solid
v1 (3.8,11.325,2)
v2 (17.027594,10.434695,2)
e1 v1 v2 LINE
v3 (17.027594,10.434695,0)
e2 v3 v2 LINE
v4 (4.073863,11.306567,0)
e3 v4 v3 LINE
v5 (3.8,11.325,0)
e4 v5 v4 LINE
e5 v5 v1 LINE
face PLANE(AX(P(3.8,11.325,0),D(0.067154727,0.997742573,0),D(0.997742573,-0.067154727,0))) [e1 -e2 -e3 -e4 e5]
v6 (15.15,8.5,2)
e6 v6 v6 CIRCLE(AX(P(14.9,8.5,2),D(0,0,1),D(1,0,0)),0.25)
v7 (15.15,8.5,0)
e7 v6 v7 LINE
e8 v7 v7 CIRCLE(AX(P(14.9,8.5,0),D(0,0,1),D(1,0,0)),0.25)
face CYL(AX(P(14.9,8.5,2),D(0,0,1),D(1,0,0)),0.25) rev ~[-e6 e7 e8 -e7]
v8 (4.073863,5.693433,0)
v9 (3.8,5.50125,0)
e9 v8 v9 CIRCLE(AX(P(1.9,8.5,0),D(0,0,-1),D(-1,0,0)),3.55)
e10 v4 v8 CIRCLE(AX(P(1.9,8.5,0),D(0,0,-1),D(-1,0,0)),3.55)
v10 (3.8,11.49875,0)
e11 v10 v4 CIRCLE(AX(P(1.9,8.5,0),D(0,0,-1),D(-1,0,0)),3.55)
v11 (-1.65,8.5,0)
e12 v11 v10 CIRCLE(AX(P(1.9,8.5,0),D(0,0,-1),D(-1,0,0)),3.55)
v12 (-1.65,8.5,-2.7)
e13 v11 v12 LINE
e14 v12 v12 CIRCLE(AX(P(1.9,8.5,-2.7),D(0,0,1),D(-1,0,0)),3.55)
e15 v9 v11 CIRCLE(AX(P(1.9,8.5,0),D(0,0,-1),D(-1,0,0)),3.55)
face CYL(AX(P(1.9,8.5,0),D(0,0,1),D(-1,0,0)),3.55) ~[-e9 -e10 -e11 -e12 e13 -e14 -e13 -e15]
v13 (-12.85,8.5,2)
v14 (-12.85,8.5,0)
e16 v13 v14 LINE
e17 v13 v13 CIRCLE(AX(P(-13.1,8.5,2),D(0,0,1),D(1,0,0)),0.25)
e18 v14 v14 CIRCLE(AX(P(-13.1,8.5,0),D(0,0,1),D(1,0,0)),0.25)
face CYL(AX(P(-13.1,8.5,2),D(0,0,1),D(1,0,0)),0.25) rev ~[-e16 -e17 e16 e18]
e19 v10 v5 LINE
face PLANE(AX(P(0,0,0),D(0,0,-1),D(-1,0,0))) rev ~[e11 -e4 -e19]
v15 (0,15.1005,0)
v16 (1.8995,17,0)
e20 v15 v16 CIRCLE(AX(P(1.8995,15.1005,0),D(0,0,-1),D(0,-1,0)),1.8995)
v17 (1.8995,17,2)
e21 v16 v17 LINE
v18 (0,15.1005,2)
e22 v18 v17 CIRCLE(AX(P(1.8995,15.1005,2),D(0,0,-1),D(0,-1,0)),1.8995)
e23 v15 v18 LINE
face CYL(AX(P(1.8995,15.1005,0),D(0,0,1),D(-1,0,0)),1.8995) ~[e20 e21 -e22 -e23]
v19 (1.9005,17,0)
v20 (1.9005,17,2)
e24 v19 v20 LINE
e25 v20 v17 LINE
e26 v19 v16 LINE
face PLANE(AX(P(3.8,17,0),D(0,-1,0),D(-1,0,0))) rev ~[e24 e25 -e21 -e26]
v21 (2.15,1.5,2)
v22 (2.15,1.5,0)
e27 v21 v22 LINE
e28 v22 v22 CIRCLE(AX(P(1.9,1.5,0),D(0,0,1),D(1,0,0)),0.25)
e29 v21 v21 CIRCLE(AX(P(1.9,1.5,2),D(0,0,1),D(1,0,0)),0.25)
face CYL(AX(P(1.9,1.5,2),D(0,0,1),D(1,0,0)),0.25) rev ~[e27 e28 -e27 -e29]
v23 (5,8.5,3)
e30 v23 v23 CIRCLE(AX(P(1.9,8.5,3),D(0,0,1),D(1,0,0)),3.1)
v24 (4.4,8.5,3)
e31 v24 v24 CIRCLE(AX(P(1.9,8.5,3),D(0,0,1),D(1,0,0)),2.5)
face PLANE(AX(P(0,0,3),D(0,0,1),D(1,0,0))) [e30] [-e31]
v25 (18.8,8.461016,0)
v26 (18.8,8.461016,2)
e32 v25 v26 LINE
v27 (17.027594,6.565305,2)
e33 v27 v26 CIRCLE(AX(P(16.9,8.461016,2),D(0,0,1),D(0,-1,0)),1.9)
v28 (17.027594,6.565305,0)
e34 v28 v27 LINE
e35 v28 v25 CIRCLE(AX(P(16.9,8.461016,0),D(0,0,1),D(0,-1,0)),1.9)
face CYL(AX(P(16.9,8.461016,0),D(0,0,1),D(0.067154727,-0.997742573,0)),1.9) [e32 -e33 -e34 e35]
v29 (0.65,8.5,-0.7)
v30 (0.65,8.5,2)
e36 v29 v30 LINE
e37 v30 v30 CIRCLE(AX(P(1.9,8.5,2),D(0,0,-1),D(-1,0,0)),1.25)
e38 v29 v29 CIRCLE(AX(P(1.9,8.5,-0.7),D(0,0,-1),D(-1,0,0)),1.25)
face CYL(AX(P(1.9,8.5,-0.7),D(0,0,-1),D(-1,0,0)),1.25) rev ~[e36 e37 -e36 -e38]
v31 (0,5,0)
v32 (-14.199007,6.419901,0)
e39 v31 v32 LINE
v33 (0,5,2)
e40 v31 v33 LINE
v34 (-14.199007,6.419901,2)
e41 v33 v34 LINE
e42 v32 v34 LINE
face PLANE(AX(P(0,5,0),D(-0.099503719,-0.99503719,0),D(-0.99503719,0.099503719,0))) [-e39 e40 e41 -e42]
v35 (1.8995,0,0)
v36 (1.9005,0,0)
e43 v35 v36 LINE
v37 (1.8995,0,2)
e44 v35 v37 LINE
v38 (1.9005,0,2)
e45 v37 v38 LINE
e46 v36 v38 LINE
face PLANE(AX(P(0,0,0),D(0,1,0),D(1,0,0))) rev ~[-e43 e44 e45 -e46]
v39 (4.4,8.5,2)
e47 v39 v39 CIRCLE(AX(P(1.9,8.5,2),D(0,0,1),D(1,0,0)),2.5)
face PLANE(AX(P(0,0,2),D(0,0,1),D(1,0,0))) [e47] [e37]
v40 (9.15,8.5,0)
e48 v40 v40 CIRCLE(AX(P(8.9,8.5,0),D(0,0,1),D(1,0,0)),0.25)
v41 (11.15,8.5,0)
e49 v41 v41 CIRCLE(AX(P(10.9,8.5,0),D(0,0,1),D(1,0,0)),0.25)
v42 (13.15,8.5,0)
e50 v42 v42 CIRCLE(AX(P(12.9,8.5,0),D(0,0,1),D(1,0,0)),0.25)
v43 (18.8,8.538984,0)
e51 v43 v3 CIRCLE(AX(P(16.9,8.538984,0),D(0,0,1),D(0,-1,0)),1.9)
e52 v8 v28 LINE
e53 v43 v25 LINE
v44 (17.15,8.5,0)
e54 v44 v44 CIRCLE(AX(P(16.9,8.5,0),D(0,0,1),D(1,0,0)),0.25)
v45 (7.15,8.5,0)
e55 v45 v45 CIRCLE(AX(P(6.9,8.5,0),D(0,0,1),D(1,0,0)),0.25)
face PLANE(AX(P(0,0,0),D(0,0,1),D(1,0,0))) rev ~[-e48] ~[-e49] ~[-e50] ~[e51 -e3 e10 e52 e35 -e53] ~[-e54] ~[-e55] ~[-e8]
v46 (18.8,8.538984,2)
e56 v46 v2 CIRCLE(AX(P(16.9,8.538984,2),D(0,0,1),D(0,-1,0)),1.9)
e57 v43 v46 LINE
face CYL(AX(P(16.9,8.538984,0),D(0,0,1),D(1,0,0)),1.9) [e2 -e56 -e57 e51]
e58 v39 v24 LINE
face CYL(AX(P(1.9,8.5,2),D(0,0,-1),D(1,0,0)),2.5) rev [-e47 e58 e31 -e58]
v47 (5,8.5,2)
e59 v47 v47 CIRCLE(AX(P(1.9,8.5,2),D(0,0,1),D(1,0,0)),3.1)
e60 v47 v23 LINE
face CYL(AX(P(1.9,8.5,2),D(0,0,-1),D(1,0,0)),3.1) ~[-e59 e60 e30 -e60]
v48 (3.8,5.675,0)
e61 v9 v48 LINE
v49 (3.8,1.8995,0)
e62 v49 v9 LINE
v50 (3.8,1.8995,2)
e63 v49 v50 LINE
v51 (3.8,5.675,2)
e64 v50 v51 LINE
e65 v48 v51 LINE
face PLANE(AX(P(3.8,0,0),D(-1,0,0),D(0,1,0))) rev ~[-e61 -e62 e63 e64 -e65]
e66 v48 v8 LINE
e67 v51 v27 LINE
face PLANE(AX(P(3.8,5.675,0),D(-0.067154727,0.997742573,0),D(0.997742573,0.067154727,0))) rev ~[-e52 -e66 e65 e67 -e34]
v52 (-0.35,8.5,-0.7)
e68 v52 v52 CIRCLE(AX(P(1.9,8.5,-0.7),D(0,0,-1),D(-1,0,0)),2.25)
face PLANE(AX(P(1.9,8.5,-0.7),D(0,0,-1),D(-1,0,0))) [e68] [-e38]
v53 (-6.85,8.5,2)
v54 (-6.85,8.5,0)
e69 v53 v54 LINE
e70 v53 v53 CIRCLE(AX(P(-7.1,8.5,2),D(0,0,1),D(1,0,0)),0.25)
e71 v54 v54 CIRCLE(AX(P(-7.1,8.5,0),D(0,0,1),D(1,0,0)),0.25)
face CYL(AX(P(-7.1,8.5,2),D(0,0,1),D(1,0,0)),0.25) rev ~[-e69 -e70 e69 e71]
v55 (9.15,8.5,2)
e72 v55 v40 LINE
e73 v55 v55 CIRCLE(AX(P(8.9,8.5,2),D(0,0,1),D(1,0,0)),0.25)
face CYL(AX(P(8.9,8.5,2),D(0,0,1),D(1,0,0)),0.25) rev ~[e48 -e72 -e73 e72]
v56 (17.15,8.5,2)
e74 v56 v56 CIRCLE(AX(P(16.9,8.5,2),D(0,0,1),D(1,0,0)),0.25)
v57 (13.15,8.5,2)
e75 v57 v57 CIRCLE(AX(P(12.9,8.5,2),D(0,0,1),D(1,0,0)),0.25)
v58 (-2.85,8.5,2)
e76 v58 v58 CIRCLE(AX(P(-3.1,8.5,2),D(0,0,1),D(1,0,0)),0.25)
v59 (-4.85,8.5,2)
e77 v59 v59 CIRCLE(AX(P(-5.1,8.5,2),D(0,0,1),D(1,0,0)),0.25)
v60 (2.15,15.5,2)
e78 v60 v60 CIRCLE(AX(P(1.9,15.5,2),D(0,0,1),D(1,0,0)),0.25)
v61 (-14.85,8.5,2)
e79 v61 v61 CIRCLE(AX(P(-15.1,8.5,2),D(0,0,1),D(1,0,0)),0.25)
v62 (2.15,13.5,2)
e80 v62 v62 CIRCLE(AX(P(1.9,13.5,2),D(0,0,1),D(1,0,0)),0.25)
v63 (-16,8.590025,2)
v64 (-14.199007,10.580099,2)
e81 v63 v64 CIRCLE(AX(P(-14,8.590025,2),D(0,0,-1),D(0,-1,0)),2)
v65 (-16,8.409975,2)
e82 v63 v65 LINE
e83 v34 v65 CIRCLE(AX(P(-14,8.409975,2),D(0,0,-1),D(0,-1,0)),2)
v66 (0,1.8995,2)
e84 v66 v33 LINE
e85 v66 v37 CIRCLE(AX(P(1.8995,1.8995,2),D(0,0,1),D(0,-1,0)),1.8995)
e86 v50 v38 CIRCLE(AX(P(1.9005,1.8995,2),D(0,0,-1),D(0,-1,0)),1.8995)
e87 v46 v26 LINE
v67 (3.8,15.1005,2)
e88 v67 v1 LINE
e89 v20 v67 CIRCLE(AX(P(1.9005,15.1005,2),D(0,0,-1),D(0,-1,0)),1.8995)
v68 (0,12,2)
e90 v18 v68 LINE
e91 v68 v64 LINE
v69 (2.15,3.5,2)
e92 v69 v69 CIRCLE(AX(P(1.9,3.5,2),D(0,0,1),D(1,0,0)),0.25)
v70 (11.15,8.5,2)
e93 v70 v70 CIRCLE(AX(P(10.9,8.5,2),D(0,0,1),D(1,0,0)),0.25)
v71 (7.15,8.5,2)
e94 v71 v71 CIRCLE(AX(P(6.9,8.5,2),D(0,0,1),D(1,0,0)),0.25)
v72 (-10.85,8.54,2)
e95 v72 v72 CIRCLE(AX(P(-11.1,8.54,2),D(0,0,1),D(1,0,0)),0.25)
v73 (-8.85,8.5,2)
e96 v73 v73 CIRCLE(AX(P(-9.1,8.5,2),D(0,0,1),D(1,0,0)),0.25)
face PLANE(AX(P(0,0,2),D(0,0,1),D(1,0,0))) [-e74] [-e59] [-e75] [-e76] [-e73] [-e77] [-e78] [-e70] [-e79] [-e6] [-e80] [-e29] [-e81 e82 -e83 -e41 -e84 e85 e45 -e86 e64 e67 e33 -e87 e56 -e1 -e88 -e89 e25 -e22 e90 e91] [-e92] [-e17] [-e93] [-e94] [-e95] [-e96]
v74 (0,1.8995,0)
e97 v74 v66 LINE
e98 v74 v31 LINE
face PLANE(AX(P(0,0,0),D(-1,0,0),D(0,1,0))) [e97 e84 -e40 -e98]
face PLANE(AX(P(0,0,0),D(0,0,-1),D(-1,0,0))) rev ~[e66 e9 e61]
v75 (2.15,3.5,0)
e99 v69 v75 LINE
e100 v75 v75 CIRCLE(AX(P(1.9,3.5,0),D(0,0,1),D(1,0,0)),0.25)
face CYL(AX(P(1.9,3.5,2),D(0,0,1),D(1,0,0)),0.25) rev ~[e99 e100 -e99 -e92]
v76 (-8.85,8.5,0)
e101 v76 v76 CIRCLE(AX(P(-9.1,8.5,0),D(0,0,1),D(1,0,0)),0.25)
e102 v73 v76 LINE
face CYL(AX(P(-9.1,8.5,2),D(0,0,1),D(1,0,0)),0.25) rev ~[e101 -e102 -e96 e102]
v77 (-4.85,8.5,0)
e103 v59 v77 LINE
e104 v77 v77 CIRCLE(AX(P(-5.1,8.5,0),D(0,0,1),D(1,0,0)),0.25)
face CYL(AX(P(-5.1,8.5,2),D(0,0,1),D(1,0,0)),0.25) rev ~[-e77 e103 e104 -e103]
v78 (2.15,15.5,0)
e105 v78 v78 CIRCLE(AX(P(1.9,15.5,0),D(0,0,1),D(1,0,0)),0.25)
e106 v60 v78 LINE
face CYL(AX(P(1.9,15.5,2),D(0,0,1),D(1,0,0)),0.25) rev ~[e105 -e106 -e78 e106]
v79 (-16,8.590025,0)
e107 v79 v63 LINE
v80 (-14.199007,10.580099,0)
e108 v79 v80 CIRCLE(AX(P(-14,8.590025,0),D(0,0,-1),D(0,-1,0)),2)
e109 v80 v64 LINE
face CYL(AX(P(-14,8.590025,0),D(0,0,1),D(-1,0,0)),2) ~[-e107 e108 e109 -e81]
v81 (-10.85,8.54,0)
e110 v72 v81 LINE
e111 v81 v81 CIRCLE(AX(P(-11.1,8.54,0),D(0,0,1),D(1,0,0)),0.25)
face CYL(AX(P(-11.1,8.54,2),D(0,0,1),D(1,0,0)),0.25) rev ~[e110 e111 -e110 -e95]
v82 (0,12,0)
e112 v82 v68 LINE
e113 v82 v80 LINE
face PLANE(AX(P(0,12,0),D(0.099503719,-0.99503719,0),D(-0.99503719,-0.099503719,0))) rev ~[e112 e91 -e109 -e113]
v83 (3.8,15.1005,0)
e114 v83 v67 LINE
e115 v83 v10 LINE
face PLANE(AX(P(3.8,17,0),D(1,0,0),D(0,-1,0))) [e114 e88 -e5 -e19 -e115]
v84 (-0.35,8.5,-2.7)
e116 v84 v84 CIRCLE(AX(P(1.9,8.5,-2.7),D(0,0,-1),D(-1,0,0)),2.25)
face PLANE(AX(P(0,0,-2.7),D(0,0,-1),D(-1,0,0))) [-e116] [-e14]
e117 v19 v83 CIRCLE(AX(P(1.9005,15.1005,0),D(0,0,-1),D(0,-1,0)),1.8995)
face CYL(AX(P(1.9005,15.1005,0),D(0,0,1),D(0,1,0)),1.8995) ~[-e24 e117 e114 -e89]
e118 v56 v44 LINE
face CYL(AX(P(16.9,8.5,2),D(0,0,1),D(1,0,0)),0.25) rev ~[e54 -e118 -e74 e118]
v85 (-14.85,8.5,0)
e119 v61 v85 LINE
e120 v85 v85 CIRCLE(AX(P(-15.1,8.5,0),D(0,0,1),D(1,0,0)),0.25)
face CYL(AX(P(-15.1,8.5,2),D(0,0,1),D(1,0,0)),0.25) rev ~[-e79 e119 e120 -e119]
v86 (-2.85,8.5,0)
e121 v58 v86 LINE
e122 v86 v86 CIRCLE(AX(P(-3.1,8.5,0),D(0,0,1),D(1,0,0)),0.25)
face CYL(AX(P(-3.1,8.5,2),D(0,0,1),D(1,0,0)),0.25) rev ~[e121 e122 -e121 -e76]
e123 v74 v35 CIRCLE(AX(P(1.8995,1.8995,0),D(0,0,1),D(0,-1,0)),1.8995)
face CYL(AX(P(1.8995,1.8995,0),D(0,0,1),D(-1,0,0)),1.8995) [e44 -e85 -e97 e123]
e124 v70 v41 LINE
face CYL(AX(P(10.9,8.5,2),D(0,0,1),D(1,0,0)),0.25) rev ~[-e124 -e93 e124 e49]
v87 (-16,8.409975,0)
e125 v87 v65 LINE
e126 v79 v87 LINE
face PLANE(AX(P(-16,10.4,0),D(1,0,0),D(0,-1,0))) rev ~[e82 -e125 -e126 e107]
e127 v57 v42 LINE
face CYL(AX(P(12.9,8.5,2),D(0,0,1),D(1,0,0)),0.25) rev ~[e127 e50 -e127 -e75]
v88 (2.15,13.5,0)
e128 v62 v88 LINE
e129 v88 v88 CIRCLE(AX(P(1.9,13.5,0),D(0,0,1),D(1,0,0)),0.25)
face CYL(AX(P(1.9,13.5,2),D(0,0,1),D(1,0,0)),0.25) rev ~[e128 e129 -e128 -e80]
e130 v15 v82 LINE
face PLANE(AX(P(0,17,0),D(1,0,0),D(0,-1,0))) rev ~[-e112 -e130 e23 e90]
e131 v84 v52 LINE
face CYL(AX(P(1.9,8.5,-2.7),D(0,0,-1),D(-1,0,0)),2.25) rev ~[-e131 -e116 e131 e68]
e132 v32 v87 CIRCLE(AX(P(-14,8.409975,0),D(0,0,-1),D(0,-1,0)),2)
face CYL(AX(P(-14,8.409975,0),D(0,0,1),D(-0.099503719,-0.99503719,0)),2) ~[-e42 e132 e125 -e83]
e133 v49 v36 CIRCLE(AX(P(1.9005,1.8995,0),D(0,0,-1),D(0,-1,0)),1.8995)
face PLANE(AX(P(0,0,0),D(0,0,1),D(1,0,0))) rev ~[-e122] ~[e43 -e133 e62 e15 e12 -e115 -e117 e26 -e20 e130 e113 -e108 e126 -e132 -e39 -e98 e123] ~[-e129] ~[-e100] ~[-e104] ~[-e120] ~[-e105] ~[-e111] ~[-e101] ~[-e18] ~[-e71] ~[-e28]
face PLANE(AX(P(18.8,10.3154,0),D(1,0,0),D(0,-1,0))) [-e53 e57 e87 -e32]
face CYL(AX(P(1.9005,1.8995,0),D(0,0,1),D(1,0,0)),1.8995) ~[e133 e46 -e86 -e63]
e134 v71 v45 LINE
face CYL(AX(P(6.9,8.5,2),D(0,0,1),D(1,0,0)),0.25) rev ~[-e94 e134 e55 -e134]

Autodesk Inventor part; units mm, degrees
ref_plane "YZ Plane" through (0, 0, 0) normal (1, 0, 0) x (0, 1, 0)
ref_plane "XZ Plane" through (0, 0, 0) normal (0, 1, 0) x (-1, 0, 0)
ref_plane "XY Plane" through (0, 0, 0) normal (0, 0, 1) x (1, 0, 0)
sketch "Sketch1" plane through (0, 0, 0) normal (0, 0, 1) x (1, 0, 0)
  line L0 (0, 0) -> (3.8, 0)
  line L1 (3.8, 0) -> (3.8, 17) construction
  line L2 (3.8, 17) -> (0, 17)
  line L3 (0, 17) -> (0, 0) construction
  line L4 (3.8, 17) -> (3.8, 11.325)
  line L5 (3.8, 0) -> (3.8, 5.675)
  line L6 (3.8, 8.5) -> (16.8, 8.5) construction
  line L7 (16.8, 10.45) -> (16.8, 6.55) construction
  line L8 (3.8, 5.675) -> (18.8, 6.6846)
  line L9 (3.8, 11.325) -> (18.8, 10.3154)
  line L10 (18.8, 10.3154) -> (18.8, 6.6846)
  line L11 (0, 17) -> (0, 12)
  line L12 (0, 0) -> (0, 5)
  line L13 (0, 8.5) -> (-15, 8.5) construction
  line L14 (-15, 10.5) -> (-15, 6.5) construction
  line L15 (0, 12) -> (-16, 10.4)
  line L16 (0, 5) -> (-16, 6.6)
  line L17 (-16, 10.4) -> (-16, 6.6)
  dimension "d0" = 3.8
  dimension "d1" = 17
  dimension "d2" = 5.675
  dimension "d3" = 5.675
  dimension "d4" = 13
  dimension "d5" = 3.9
  dimension "d8" = 15
  dimension "d9" = 15
  dimension "d10" = 5
  dimension "d11" = 5
  dimension "d12" = 15
  dimension "d13" = 4
  dimension "d14" = 16
  dimension "d15" = 16
  dimension "d75" = 7.701
extrude "Horn_Body" add sketch "Sketch1" along normal blind 2
fillet "Fillet1" radius 1.9 4 edges at (3.8, 17, 1) (0, 17, 1) (0, 0, 1) (3.8, 0, 1)
fillet "Fillet2" radius 1.9 2 edges at (18.8, 6.6846, 1) (18.8, 10.3154, 1)
fillet "Fillet3" radius 2 2 edges at (-16, 10.4, 1) (-16, 6.6, 1)
sketch "Sketch2" plane through (0, 0, 0) normal (0, 0, -1) x (-1, 0, 0)
  circle A0 centre (-1.9, 8.5) radius 3.55
  line L0 (18.55, 8.5) -> (-27.4875, 8.5) construction
  line L1 (16, 8.59) -> (16, 8.41) projected
  line L2 (-1.9, 22.225) -> (-1.9, -4.7625) construction
  line L3 (-3.8, 11.325) -> (-3.8, 15.1) projected
  line L4 (0, 15.1) -> (0, 12) projected
  point P0 (0, 0)
  point P1 (16, 8.5)
  dimension "d21" = 7.1
  dimension "d22" = 3.8
  dimension "d23" = 1.9
extrude "Shaft_Connector" add sketch "Sketch2" along normal blind 2.7
sketch "Sketch3" plane through (1.9, 8.5, -2.7) normal (0, 0, -1) x (-1, 0, 0)
  circle A0 centre (0, 0) radius 2.25
  point P0 (1.9, -8.5)
  dimension "d26" = 4.5
extrude "Shaft_Opening" cut sketch "Sketch3" against normal blind 2
sketch "Sketch4" plane through (1.9, 8.5, -0.7) normal (0, 0, -1) x (-1, 0, 0)
  circle A0 centre (0, 0) radius 1.25
  point P0 (1.9, -8.5)
  dimension "d29" = 2.5
extrude "Opening_Horn_FixationScrew" cut sketch "Sketch4" against normal up to surface (2.7 mm away)
sketch "Sketch6" plane through (0, 0, 2) normal (0, 0, 1) x (1, 0, 0)
  line L0 (-18.55, 8.5) -> (21.1375, 8.5) construction
  line L1 (-16, 8.59) -> (-16, 8.41) projected
  line L2 (1.9, 19.05) -> (1.9, -2.3164) construction
  line L3 (3.8, 11.325) -> (3.8, 15.1) projected
  line L4 (0, 15.1) -> (0, 12) projected
  circle A0 centre (-11.1, 8.54) radius 0.25
  circle A1 centre (-9.1, 8.5) radius 0.25
  circle A2 centre (-7.1, 8.5) radius 0.25
  circle A3 centre (-3.1, 8.5) radius 0.25
  circle A4 centre (-5.1, 8.5) radius 0.25
  circle A5 centre (-13.1, 8.5) radius 0.25
  circle A6 centre (-15.1, 8.5) radius 0.25
  circle A7 centre (6.9, 8.5) radius 0.25
  circle A8 centre (8.9, 8.5) radius 0.25
  circle A9 centre (10.9, 8.5) radius 0.25
  circle A10 centre (12.9, 8.5) radius 0.25
  circle A11 centre (14.9, 8.5) radius 0.25
  circle A12 centre (16.9, 8.5) radius 0.25
  circle A13 centre (1.9, 13.5) radius 0.25
  circle A14 centre (1.9, 15.5) radius 0.25
  circle A15 centre (1.9, 3.5) radius 0.25
  circle A16 centre (1.9, 1.5) radius 0.25
  point P0 (0, 0)
  point P1 (-16, 8.5)
  dimension "d35" = 3.8
  dimension "d36" = 1.9
  dimension "d37" = 0.5
  dimension "d38" = 0.5
  dimension "d39" = 0.5
  dimension "d41" = 0.5
  dimension "d42" = 0.5
  dimension "d43" = 5
  dimension "d44" = 2
  dimension "d46" = 2
  dimension "d47" = 2
  dimension "d48" = 2
  dimension "d49" = 0.5
  dimension "d50" = 0.5
  dimension "d51" = 2
  dimension "d52" = 2
  dimension "d53" = 0.5
  dimension "d54" = 0.5
  dimension "d55" = 0.5
  dimension "d56" = 0.5
  dimension "d57" = 0.5
  dimension "d58" = 5
  dimension "d59" = 2
  dimension "d60" = 2
  dimension "d61" = 2
  dimension "d62" = 2
  dimension "d63" = 0.5
  dimension "d64" = 2
  dimension "d65" = 0.5
  dimension "d66" = 0.5
  dimension "d67" = 0.5
  dimension "d68" = 0.5
  dimension "d69" = 5
  dimension "d70" = 2
  dimension "d71" = 5
  dimension "d72" = 2
extrude "Connection_Holes" cut sketch "Sketch6" against normal up to surface (2 mm away)
sketch "Sketch8" plane through (0, 0, 2) normal (0, 0, 1) x (1, 0, 0)
  circle A0 centre (1.9, 8.5) radius 1.25 projected
  circle A1 centre (1.9, 8.5) radius 2.5
  circle A2 centre (1.9, 8.5) radius 3.1
  point P0 (0, 0)
  dimension "d80" = 5
  dimension "d81" = 6.2
extrude "Centering_RIng" add sketch "Sketch8" along normal blind 1 contours A2
equation "\"d14\" = d15"
equation "\"d23\" = 0.5 * d22"
equation "\"d36\" = 0.5 * d35"
properties part number "Servo_Horn_Cross_TGY"
